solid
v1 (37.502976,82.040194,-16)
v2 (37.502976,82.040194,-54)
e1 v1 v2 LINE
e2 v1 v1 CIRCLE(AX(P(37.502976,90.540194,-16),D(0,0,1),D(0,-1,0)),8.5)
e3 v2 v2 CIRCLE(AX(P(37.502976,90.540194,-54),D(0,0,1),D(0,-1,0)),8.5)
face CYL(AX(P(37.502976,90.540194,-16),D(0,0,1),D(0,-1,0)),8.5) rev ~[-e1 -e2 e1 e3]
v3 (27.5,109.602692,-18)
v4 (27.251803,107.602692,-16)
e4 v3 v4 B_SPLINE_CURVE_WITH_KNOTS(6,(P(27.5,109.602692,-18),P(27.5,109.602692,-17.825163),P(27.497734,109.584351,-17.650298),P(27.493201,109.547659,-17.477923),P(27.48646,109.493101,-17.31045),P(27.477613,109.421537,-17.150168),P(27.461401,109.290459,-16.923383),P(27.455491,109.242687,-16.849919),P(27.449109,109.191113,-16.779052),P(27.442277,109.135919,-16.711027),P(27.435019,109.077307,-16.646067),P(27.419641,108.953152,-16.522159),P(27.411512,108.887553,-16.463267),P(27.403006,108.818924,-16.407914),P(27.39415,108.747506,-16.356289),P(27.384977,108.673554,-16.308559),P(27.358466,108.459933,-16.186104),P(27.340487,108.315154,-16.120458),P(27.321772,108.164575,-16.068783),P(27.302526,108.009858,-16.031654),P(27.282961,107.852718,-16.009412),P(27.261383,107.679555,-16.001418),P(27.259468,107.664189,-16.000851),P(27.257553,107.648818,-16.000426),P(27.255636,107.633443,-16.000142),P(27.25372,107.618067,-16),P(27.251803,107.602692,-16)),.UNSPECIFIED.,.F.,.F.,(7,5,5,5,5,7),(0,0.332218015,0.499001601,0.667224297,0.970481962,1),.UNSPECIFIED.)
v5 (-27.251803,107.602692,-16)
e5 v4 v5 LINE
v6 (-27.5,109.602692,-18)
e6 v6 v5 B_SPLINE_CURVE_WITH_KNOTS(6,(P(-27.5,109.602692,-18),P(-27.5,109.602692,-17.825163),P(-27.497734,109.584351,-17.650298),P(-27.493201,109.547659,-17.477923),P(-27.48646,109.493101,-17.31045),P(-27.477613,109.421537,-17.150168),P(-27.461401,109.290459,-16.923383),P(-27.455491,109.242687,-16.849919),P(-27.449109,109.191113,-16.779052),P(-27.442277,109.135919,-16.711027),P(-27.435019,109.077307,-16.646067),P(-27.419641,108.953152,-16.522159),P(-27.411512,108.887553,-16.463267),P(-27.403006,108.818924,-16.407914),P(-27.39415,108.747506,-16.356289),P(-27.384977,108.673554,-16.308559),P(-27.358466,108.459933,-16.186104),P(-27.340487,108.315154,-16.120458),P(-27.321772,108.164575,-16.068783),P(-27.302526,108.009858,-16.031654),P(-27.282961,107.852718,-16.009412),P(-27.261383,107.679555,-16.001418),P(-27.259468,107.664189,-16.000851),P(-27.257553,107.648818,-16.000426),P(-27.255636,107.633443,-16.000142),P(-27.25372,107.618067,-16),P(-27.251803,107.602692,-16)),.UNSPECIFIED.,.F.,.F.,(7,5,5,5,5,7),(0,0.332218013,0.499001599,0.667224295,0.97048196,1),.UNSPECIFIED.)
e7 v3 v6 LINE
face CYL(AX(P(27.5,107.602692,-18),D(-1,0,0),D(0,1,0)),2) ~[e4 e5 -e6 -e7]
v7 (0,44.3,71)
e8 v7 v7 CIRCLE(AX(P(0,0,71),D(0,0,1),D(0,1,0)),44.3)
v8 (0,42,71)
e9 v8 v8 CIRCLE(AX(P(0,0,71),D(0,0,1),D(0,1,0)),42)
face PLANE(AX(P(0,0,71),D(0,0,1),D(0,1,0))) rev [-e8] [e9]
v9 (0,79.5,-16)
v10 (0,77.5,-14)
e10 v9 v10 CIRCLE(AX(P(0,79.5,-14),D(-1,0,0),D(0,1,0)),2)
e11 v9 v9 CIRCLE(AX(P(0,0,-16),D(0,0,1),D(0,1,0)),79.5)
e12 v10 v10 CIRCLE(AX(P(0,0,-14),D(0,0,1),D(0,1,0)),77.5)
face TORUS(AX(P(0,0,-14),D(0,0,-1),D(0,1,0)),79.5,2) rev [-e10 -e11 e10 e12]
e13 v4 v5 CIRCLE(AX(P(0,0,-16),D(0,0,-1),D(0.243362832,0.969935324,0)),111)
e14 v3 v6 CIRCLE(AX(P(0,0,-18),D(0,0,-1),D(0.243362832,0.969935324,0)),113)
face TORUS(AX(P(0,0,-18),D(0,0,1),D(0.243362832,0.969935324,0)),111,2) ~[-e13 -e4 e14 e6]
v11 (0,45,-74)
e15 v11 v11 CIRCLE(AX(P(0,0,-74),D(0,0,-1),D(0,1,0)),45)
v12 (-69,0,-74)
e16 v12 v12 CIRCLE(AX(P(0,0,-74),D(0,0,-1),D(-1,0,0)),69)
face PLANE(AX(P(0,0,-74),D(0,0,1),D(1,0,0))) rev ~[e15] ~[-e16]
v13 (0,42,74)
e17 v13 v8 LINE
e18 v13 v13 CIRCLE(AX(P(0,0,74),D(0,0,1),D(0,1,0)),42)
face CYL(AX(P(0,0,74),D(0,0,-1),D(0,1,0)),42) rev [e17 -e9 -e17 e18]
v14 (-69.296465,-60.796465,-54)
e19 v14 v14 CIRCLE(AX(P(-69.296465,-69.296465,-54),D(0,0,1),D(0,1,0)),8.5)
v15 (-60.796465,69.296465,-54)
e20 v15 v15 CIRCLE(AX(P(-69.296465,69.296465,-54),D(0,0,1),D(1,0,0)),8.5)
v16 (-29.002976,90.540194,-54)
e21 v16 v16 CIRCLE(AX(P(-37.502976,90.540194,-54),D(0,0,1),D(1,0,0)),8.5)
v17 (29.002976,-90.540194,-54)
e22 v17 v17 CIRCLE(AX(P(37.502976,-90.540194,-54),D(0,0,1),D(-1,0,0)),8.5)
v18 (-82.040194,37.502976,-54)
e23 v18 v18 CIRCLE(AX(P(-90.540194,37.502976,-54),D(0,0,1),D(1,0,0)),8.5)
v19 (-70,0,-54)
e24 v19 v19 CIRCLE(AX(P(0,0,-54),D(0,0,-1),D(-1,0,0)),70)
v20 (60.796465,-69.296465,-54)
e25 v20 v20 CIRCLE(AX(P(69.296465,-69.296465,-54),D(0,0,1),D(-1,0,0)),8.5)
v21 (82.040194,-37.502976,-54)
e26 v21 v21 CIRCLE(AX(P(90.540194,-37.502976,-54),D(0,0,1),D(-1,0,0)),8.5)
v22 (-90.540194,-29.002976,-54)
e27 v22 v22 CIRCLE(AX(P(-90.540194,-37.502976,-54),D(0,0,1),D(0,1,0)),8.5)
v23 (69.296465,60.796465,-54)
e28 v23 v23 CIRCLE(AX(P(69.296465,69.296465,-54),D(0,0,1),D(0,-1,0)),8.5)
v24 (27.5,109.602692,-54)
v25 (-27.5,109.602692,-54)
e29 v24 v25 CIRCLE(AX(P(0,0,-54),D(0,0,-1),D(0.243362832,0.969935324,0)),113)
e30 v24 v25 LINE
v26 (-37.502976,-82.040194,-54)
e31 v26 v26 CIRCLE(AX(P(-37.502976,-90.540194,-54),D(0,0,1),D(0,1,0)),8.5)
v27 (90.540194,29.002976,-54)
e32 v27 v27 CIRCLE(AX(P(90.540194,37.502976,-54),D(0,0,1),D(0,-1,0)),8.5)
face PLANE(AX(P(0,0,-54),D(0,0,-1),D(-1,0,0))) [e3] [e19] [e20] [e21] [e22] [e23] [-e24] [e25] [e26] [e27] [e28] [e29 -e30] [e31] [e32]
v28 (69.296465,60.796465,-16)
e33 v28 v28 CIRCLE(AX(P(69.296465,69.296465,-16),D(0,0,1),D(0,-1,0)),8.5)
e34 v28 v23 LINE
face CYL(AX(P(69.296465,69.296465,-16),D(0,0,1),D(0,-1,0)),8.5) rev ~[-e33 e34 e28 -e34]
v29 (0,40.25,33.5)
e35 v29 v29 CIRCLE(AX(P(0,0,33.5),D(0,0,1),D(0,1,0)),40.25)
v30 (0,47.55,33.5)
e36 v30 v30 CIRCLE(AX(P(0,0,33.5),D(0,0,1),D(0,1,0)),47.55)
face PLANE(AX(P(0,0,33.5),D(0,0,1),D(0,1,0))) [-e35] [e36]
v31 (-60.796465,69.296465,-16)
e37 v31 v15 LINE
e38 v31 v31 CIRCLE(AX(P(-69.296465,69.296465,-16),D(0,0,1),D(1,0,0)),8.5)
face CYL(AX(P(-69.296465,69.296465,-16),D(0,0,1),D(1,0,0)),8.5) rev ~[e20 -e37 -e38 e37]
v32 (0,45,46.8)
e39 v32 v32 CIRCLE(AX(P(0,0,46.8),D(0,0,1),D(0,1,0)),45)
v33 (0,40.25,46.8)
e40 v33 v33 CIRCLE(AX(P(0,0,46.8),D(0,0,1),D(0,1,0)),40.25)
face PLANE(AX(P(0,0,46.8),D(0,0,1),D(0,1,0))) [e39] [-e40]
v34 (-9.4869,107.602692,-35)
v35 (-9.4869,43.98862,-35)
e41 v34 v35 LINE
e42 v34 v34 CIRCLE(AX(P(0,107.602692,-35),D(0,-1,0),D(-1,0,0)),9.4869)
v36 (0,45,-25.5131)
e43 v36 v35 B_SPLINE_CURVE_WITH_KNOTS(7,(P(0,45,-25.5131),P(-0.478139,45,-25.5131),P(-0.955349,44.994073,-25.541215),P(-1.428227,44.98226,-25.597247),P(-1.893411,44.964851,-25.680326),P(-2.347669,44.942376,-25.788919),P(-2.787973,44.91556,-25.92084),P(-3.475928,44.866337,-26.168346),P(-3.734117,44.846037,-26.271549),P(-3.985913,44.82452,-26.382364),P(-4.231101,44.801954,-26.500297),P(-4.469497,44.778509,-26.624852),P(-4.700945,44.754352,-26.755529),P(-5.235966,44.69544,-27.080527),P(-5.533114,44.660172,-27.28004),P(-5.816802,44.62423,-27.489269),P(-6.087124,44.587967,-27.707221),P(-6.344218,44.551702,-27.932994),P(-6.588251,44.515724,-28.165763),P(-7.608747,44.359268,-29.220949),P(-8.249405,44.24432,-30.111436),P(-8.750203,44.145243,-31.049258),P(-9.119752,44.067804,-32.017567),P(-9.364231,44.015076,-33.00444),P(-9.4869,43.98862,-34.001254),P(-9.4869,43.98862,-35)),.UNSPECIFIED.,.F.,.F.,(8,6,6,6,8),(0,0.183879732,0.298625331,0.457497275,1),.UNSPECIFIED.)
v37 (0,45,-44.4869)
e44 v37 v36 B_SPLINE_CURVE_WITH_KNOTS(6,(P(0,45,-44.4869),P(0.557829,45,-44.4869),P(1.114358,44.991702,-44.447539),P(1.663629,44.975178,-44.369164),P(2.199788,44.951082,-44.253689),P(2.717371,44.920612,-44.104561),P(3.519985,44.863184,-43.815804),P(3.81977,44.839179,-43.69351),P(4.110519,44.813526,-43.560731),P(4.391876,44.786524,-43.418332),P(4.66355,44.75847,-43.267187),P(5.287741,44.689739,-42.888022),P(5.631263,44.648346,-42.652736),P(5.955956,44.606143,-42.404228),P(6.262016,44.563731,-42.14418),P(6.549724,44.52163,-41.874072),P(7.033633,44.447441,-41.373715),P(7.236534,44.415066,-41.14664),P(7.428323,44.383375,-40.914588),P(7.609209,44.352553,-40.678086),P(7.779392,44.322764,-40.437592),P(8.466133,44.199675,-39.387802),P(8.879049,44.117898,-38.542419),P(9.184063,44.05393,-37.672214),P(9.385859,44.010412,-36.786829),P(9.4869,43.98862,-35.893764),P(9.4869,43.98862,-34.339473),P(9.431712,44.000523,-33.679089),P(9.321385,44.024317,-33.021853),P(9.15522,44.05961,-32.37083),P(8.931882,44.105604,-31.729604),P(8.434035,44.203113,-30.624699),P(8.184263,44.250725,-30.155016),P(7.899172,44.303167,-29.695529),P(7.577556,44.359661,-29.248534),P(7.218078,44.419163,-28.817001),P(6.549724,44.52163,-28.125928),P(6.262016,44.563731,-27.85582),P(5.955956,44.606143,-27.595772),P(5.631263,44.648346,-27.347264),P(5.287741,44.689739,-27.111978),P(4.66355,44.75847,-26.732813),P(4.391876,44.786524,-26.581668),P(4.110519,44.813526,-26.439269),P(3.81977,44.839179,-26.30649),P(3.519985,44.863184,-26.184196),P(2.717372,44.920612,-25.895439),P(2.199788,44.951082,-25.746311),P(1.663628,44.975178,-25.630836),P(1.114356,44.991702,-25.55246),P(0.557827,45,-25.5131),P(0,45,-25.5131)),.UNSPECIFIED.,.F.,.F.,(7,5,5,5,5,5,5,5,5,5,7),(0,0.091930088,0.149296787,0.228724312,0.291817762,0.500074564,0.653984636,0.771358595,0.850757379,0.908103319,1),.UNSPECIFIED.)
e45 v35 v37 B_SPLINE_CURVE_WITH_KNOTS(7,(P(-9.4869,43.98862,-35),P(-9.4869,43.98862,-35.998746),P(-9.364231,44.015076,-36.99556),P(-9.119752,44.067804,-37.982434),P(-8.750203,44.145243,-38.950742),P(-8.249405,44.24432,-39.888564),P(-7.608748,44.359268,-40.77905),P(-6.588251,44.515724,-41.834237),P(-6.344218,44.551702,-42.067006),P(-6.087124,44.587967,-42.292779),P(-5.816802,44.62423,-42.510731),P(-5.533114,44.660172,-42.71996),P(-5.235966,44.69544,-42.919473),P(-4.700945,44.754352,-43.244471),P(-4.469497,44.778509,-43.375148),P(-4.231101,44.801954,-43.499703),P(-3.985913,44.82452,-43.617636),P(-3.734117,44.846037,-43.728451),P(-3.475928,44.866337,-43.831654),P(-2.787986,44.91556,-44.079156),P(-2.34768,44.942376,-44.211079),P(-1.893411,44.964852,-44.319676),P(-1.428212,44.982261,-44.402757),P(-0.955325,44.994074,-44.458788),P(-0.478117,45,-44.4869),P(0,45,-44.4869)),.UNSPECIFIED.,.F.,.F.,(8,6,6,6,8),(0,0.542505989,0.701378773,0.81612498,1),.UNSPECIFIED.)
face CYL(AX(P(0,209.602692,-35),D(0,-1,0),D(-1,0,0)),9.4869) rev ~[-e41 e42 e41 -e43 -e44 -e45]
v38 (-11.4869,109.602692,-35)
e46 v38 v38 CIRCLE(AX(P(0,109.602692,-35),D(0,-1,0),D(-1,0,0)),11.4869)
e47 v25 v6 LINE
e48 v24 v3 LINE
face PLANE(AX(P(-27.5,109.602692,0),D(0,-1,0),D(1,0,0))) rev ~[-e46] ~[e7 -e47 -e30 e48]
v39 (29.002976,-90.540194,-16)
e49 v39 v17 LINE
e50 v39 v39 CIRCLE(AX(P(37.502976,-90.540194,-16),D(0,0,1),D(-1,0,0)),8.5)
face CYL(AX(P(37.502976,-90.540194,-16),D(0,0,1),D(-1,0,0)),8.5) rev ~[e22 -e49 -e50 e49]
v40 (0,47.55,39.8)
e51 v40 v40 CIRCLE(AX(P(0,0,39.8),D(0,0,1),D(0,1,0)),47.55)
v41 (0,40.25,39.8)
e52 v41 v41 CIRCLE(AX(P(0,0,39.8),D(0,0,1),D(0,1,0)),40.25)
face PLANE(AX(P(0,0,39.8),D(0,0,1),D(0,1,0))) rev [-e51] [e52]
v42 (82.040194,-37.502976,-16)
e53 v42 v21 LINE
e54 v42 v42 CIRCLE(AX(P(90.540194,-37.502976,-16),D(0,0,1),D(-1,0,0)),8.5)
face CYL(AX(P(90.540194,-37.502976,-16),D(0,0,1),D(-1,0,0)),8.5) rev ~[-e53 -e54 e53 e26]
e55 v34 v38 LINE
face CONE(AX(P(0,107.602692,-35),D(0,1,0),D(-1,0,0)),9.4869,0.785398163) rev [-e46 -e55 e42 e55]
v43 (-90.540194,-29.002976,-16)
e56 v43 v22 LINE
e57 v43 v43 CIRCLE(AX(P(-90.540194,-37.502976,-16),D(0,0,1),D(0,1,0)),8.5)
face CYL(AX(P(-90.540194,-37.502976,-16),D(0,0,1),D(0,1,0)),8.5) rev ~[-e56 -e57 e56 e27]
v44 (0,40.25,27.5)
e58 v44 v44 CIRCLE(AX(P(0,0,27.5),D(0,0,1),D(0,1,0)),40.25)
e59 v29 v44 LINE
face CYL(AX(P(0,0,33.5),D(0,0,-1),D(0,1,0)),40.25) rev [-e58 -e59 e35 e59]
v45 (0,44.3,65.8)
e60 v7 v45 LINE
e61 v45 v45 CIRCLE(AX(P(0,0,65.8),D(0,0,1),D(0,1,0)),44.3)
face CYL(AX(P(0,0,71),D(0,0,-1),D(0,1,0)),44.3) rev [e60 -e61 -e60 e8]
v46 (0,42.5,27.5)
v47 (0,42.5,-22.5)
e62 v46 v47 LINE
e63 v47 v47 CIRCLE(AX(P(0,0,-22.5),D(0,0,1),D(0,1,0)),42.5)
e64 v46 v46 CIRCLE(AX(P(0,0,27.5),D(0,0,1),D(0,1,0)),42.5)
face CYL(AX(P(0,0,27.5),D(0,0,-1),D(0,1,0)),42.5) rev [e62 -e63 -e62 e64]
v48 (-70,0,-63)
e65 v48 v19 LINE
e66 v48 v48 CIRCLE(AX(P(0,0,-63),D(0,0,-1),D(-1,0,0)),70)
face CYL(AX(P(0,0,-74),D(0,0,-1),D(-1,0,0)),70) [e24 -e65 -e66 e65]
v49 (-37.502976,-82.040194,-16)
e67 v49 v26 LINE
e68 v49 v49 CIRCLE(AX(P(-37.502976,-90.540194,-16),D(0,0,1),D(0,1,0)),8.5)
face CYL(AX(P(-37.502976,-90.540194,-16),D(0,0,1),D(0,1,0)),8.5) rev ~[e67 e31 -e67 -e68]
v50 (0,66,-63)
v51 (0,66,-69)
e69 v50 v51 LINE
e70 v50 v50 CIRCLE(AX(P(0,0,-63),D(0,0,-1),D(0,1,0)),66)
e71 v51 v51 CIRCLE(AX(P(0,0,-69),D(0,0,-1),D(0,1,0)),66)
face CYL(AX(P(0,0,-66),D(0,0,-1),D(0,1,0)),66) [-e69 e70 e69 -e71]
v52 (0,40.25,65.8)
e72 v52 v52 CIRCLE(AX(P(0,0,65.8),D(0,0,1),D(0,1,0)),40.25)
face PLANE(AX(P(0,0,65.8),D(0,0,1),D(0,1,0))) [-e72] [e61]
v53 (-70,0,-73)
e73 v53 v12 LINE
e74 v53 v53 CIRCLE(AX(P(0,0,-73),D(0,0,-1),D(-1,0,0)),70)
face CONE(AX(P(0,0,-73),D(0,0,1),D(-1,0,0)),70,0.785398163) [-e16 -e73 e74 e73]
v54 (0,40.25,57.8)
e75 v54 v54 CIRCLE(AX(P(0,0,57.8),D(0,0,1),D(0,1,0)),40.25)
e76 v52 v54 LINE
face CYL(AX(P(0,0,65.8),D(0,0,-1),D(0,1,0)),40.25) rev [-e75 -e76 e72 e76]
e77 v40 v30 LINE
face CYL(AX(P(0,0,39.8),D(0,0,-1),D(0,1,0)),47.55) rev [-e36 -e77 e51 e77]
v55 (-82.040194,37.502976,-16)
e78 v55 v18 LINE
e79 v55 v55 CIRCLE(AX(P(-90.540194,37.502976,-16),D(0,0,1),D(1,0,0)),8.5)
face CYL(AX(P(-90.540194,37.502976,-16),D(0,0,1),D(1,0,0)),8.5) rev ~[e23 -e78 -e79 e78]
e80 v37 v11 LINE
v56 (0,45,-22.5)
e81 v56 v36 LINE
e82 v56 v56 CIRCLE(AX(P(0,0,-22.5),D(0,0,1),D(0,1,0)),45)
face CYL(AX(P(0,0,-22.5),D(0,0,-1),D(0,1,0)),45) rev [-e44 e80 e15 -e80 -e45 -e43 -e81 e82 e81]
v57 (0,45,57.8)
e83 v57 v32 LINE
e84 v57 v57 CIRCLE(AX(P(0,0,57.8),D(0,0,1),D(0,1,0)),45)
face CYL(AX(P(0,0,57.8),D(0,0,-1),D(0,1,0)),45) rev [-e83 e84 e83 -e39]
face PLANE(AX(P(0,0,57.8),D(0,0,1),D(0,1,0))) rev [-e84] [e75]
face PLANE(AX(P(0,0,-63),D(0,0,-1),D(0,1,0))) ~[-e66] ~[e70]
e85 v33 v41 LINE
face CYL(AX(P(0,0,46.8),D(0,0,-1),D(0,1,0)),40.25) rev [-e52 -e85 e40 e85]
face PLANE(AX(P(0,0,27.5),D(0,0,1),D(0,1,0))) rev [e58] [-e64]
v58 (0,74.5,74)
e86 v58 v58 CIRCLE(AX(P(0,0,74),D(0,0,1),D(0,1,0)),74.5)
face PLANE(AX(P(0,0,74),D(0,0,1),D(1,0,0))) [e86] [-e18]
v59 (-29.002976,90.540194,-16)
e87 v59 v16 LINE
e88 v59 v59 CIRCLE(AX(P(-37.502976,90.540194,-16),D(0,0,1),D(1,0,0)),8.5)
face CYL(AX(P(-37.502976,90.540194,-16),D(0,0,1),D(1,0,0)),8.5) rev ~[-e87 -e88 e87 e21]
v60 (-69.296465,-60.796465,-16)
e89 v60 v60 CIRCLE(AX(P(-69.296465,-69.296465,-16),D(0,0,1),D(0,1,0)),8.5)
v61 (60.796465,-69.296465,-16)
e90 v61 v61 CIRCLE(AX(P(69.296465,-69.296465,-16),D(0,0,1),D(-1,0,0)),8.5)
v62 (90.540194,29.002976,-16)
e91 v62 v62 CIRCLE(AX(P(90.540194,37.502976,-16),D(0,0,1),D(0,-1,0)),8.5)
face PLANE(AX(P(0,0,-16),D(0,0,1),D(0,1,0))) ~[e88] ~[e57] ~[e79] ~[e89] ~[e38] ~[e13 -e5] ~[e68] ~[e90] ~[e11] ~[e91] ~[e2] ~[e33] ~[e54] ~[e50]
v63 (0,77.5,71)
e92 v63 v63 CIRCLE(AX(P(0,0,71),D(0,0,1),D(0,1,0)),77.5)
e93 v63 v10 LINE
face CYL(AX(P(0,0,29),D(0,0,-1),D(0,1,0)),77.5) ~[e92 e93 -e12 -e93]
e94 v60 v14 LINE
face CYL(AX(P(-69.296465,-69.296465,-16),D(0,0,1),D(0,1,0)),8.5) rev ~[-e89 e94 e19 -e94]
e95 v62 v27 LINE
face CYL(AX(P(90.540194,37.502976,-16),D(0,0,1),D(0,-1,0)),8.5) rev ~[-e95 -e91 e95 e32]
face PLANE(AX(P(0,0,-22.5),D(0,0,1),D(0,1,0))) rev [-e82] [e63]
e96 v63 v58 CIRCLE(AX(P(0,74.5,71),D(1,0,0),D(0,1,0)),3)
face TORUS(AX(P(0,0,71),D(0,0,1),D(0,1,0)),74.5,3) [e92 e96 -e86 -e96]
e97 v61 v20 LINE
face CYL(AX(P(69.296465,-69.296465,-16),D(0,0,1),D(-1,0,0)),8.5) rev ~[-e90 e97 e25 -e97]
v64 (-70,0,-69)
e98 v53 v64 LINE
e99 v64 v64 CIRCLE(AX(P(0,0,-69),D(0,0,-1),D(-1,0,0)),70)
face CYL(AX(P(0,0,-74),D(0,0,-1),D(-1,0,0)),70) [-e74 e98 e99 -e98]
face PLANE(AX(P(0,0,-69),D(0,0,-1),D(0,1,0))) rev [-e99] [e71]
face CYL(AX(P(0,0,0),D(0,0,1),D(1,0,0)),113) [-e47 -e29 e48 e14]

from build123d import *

# Parameters (mm, degrees)
SKETCH1_R                        = 113
BOSS_EXTRUDE1_DEPTH              = 74
SKETCH2_R                        = 129
SKETCH2_R_2                      = 70
CUT_EXTRUDE1_DEPTH               = 20
SKETCH3_W                        = 90
SKETCH3_H                        = 77.119146837
SKETCH6_W                        = 6
SKETCH6_H                        = 11.156401333
CHAMFER1_SIZE                    = 1
SKETCH9_W                        = 55
SKETCH9_H                        = 44.304211173
CUT_EXTRUDE2_DEPTH               = 122.5
F_1_2_14_NPSM_TAPPED_HOLE1_D     = 18.9738
F_1_2_14_NPSM_TAPPED_HOLE1_DEPTH = 100
F_1_2_14_NPSM_TAPPED_HOLE1_TIP   = 5.700304607
CHAMFER2_SIZE                    = 2
SKETCH13_R                       = 8.5
CUT_EXTRUDE3_DEPTH               = 59.0000001
CIRPATTERN3_COUNT                = 4
FILLET1_R                        = 2
FILLET2_R                        = 3


with BuildPart() as part:
    # Sketch1 → Boss-Extrude1 (new body, symmetric)
    with BuildSketch(Plane.XY):
        Circle(SKETCH1_R)
    extrude(amount=BOSS_EXTRUDE1_DEPTH, both=True)

    # Sketch2 → Cut-Extrude1 (cut)
    with BuildSketch(Plane(origin=(0, 0, -74), x_dir=(-1, 0, 0), z_dir=(0, 0, -1))):
        Circle(SKETCH2_R)
        Circle(SKETCH2_R_2, mode=Mode.SUBTRACT)
    extrude(amount=-CUT_EXTRUDE1_DEPTH, mode=Mode.SUBTRACT)

    # Sketch3 → Cut-Revolve1 (revolve, cut)
    with BuildSketch(Plane(origin=(0, 0, 0), x_dir=(0, 0, -1), z_dir=(1, 0, 0))):
        with Locations((-29, 116.059573419)):
            Rectangle(SKETCH3_W, SKETCH3_H)
    revolve(axis=Axis((0, 0, 0), (0, 0, 1)), mode=Mode.SUBTRACT)

    # Sketch6 → Cut-Revolve2 (revolve, cut)
    with BuildSketch(Plane(origin=(0, 0, 0), x_dir=(0, 0, -1), z_dir=(1, 0, 0))):
        with Locations((66, 71.578200667)):
            Rectangle(SKETCH6_W, SKETCH6_H)
    revolve(axis=Axis((0, 0, 0), (0, 0, -1)), mode=Mode.SUBTRACT)

    # Chamfer1
    chamfer1_edges = [part.edges().sort_by_distance(p)[0] for p in [
        (70, 0, -74),
    ]]
    chamfer(chamfer1_edges, length=CHAMFER1_SIZE)

    # Sketch9 → Cut-Extrude2 (cut, symmetric)
    with BuildSketch(Plane.XY):
        with Locations((0, 131.75479716)):
            Rectangle(SKETCH9_W, SKETCH9_H)
    extrude(amount=CUT_EXTRUDE2_DEPTH, both=True, mode=Mode.SUBTRACT)

    # 1/2-14 NPSM Tapped Hole1
    with Locations(Plane(origin=(0, 109.602691573, 0), x_dir=(1, 0, 0), z_dir=(0, 1, 0))):
        with Locations((0, 35)):
            Hole(F_1_2_14_NPSM_TAPPED_HOLE1_D / 2, depth=F_1_2_14_NPSM_TAPPED_HOLE1_DEPTH)
            with Locations((0, 0, -(F_1_2_14_NPSM_TAPPED_HOLE1_DEPTH + F_1_2_14_NPSM_TAPPED_HOLE1_TIP / 2))):  # 118° drill point
                Cone(0, F_1_2_14_NPSM_TAPPED_HOLE1_D / 2, F_1_2_14_NPSM_TAPPED_HOLE1_TIP, mode=Mode.SUBTRACT)

    # Sketch7 → Cut-Revolve3 (revolve, cut)
    with BuildSketch(Plane(origin=(0, 0, 0), x_dir=(0, -1, 0), z_dir=(1, 0, 0))):
        Polygon((-42, -74), (-42, -71), (-44.3, -71), (-44.3, -65.8), (-40.25, -65.8), (-40.25, -57.8), (-45, -57.8), (-45, -46.8), (-40.25, -46.8), (-40.25, -39.8), (-47.55, -39.8), (-47.55, -33.5), (-40.25, -33.5), (-40.25, -27.5), (-42.5, -27.5), (-42.5, 22.5), (-45, 22.5), (-45, 96.107724416), (-36.150119244, 96.107724416), (0, 96.107724416), (0, -74), align=None)
    revolve(axis=Axis((0, 0, 0), (0, 0, 1)), mode=Mode.SUBTRACT)

    # Chamfer2
    chamfer2_edges = [part.edges().sort_by_distance(p)[0] for p in [
        (9.4869, 109.602691573, -35),
    ]]
    chamfer(chamfer2_edges, length=CHAMFER2_SIZE)

    # Sketch13 → Cut-Extrude3 (cut, through all)
    with BuildSketch(Plane.XY.offset(-16)):
        with Locations((-69.296464556, 69.296464556)):
            Circle(SKETCH13_R)
        with Locations((-37.502976372, 90.540194186)):
            Circle(SKETCH13_R)
        with Locations((-90.540194186, 37.502976372)):
            Circle(SKETCH13_R)
    cut_extrude3 = extrude(amount=-CUT_EXTRUDE3_DEPTH, mode=Mode.SUBTRACT)

    # CirPattern3: Cut-Extrude3 ×4 about axis
    cirpattern3_axis = Axis((0, 0, 0), (0, 0, 1))
    for i in range(1, CIRPATTERN3_COUNT):
        add(cut_extrude3.rotate(cirpattern3_axis, i * 360 / CIRPATTERN3_COUNT), mode=Mode.SUBTRACT)

    # Fillet1
    fillet1_edges = [part.edges().sort_by_distance(p)[0] for p in [
        (0, -77.5, -16),
        (0, -113, -16),
        (0, 109.602691573, -16),
    ]]
    fillet(fillet1_edges, radius=FILLET1_R)

    # Fillet2
    fillet2_edges = [part.edges().sort_by_distance(p)[0] for p in [
        (0, -77.5, 74),
    ]]
    fillet(fillet2_edges, radius=FILLET2_R)


solid = part.part
